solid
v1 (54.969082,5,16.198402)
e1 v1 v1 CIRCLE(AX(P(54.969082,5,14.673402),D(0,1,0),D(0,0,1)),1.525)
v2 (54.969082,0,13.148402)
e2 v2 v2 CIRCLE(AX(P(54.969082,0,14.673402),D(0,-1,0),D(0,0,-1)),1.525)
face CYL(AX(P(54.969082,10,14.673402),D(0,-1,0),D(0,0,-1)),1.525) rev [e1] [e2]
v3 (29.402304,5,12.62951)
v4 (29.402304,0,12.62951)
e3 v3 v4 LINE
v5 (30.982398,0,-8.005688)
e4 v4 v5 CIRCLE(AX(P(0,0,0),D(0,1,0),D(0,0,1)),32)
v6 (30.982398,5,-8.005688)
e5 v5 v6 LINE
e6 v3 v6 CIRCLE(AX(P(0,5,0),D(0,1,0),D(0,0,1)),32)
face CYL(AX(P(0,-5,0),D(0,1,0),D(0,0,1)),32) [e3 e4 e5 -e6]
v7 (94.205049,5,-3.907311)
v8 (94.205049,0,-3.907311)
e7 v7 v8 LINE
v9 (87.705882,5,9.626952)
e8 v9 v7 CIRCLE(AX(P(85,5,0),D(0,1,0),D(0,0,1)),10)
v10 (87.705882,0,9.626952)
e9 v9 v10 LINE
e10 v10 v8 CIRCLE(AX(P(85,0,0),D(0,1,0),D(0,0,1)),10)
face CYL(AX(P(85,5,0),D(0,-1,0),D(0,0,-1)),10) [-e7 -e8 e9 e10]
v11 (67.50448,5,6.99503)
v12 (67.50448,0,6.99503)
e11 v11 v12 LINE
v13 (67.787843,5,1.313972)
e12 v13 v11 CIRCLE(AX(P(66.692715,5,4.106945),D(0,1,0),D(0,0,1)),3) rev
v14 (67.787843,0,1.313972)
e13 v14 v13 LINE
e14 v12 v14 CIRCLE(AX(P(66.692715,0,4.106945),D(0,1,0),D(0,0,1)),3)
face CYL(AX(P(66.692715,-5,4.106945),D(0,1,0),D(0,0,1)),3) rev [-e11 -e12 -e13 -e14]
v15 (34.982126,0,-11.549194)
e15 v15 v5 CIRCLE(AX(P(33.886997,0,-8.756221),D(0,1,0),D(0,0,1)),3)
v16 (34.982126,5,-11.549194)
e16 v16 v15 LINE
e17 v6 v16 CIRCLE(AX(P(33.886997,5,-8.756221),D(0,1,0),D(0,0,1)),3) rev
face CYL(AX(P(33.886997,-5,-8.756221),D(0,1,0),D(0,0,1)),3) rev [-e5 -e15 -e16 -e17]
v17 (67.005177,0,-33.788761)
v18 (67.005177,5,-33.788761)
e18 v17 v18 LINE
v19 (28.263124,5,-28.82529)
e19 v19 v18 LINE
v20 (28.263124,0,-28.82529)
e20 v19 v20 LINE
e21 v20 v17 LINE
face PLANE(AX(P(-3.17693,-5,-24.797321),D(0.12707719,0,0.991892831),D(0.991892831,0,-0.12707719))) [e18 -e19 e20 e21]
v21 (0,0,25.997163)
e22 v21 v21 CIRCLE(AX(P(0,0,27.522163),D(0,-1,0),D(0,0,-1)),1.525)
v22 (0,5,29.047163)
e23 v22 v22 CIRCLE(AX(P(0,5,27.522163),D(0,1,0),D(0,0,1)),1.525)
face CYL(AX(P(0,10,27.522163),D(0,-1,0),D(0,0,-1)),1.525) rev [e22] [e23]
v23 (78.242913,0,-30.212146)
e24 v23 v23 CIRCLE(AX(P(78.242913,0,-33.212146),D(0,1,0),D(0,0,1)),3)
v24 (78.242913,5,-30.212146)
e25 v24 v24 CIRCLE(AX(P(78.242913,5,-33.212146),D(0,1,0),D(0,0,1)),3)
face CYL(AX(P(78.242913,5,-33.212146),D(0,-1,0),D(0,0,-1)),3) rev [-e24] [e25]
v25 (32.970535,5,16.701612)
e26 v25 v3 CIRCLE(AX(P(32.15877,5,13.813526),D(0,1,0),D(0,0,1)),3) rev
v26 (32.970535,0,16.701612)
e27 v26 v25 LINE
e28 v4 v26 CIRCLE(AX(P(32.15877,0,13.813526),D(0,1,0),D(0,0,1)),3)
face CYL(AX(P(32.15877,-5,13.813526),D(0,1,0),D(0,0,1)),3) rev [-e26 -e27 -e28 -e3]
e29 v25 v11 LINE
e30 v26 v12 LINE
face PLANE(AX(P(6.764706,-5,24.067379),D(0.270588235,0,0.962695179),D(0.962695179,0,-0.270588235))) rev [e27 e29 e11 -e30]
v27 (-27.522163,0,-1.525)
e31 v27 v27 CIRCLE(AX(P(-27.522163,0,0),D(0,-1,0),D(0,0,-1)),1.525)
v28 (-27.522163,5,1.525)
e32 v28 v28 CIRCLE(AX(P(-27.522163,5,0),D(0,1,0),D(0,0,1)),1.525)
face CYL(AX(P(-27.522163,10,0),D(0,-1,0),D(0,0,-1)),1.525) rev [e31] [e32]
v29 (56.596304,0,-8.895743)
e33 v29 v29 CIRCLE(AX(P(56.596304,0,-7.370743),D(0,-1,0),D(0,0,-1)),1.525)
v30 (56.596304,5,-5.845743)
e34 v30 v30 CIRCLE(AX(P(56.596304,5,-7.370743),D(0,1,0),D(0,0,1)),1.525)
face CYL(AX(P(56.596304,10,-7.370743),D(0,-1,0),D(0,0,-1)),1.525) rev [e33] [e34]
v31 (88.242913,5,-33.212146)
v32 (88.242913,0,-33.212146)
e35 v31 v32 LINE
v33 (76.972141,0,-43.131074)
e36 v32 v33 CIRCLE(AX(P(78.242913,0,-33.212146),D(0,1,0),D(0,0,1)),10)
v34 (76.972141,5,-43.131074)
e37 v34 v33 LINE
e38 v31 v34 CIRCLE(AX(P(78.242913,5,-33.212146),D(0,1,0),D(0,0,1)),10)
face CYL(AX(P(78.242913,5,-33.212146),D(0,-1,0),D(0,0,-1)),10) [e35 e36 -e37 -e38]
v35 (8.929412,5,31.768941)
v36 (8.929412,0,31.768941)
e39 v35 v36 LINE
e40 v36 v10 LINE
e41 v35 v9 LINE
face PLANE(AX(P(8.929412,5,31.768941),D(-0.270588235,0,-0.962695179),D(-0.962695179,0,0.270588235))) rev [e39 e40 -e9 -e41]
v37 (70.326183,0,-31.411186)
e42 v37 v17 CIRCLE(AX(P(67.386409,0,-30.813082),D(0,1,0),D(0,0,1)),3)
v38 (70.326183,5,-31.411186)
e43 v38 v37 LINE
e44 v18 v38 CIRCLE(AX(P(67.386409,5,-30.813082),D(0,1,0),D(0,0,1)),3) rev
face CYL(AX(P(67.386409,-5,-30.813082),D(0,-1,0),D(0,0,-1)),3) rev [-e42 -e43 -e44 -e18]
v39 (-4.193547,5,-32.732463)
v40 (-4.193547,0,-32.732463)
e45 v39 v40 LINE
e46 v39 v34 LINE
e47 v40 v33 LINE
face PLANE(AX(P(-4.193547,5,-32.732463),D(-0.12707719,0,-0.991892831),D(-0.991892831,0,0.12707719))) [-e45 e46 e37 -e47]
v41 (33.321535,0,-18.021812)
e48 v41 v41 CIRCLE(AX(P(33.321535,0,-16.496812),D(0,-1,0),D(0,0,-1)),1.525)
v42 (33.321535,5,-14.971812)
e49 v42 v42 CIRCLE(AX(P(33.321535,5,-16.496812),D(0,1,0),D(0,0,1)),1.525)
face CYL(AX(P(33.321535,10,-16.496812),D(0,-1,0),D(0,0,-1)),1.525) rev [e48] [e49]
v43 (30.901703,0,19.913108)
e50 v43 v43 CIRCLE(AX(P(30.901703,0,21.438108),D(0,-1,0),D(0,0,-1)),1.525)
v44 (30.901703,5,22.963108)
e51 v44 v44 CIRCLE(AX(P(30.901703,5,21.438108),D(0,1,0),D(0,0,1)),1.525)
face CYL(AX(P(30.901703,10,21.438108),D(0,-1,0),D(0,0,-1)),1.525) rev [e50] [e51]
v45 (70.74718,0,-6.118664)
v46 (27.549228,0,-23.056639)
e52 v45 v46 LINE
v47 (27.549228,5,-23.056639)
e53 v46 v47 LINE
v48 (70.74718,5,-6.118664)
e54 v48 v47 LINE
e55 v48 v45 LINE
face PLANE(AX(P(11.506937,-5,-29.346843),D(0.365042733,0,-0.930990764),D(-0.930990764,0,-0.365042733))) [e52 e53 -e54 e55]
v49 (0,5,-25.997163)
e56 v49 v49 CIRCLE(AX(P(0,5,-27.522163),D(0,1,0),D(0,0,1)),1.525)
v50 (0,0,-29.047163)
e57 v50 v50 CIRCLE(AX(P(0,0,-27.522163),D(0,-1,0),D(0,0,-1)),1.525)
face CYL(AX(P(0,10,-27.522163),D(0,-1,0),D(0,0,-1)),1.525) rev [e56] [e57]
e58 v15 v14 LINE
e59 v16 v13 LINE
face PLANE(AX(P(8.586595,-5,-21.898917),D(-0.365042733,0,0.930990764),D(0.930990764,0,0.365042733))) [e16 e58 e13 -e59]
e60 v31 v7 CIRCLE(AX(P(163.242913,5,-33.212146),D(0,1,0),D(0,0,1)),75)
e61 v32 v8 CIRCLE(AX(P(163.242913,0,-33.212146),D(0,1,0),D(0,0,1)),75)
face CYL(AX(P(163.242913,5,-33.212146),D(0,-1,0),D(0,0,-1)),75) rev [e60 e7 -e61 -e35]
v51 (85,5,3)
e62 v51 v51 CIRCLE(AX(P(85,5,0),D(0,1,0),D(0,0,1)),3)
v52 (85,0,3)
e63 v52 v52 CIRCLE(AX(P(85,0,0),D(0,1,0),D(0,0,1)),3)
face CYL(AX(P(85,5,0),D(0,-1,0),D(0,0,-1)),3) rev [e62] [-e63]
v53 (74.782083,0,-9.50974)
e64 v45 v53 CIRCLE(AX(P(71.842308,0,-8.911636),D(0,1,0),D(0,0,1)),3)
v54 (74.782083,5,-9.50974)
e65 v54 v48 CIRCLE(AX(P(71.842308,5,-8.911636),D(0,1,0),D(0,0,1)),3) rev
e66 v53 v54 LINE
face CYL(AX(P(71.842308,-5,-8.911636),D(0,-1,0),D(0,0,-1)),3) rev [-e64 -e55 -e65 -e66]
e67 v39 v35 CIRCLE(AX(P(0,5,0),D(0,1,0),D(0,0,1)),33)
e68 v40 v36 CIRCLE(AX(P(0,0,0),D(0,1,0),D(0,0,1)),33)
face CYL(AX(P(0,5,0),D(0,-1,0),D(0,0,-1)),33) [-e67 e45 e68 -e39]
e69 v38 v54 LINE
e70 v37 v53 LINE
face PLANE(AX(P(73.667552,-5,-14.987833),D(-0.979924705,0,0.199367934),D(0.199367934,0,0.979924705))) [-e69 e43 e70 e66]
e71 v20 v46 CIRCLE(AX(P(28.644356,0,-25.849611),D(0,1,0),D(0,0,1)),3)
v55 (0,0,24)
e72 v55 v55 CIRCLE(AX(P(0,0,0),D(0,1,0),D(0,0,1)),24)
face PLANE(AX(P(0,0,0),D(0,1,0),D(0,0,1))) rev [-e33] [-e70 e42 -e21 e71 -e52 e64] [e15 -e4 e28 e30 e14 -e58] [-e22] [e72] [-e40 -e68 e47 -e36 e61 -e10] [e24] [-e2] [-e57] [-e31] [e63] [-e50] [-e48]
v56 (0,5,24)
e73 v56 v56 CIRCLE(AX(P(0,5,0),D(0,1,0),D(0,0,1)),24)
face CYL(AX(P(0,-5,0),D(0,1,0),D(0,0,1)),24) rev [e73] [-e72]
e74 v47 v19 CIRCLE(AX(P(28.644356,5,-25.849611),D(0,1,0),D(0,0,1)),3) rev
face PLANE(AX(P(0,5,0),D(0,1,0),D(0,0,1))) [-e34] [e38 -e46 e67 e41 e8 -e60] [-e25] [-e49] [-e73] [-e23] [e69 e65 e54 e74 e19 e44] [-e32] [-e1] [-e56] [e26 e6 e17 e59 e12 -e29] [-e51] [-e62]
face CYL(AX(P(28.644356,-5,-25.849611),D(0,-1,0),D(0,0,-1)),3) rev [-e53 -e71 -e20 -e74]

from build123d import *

# Parameters (mm, degrees)
SKETCH_1_R          = 2.025
SKETCH_1_R_2        = 13.1
SKETCH_1_R_3        = 3
EXTRUDE_1_DEPTH     = 5
SKETCH_3_R          = 24
CUT_EXTRUDE_2_DEPTH = 10
CUT_EXTRUDE_3_DEPTH = 10
FILLET_1_R          = 3
SKETCH_7_R          = 1.525
CUT_EXTRUDE_4_DEPTH = 10


with BuildPart() as part:
    # 草图1 → 凸台-拉伸1 (new body)
    with BuildSketch(Plane(origin=(0, 0, 0), x_dir=(1, 0, 0), z_dir=(0, 1, 0))):
        with BuildLine():
            Line((76.972140647, 43.13107423), (-4.193547259, 32.732463418))
            ThreePointArc((-4.193547259, 32.732463418), (-32.337515252, -6.579141836), (8.929411765, -31.768940894))
            Line((8.929411765, -31.768940894), (87.705882353, -9.626951786))
            ThreePointArc((87.705882353, -9.626951786), (94.014523475, -4.328783491), (94.205048973, 3.907310252))
            ThreePointArc((94.205048973, 3.907310252), (89.748559809, 18.25955029), (88.242912543, 33.212145922))
            ThreePointArc((88.242912543, 33.212145922), (84.849435117, 40.719066694), (76.972140647, 43.13107423))
        make_face()
        with Locations((0, 17.5)):
            Circle(SKETCH_1_R, mode=Mode.SUBTRACT)
        with Locations((8.75, 15.155444566)):
            Circle(SKETCH_1_R, mode=Mode.SUBTRACT)
        with Locations((-8.75, -15.155444566)):
            Circle(SKETCH_1_R, mode=Mode.SUBTRACT)
        with Locations((0, -17.5)):
            Circle(SKETCH_1_R, mode=Mode.SUBTRACT)
        with Locations((-15.155444566, -8.75)):
            Circle(SKETCH_1_R, mode=Mode.SUBTRACT)
        with Locations((8.75, -15.155444566)):
            Circle(SKETCH_1_R, mode=Mode.SUBTRACT)
        with Locations((15.155444566, -8.75)):
            Circle(SKETCH_1_R, mode=Mode.SUBTRACT)
        with Locations((-17.5, 0)):
            Circle(SKETCH_1_R, mode=Mode.SUBTRACT)
        Circle(SKETCH_1_R_2, mode=Mode.SUBTRACT)
        with Locations((-15.155444566, 8.75)):
            Circle(SKETCH_1_R, mode=Mode.SUBTRACT)
        with Locations((17.5, 0)):
            Circle(SKETCH_1_R, mode=Mode.SUBTRACT)
        with Locations((15.155444566, 8.75)):
            Circle(SKETCH_1_R, mode=Mode.SUBTRACT)
        with Locations((-8.75, 15.155444566)):
            Circle(SKETCH_1_R, mode=Mode.SUBTRACT)
        with Locations((85, 0)):
            Circle(SKETCH_1_R_3, mode=Mode.SUBTRACT)
        with Locations((78.242912543, 33.212145922)):
            Circle(SKETCH_1_R_3, mode=Mode.SUBTRACT)
    extrude(amount=EXTRUDE_1_DEPTH)

    # 草图3 → 切除-拉伸2 (cut)
    with BuildSketch(Plane(origin=(0, 5, 0), x_dir=(1, 0, 0), z_dir=(0, 1, 0))):
        Circle(SKETCH_3_R)
    extrude(amount=-CUT_EXTRUDE_2_DEPTH, mode=Mode.SUBTRACT)

    # 草图4 → 切除-拉伸3 (cut)
    with BuildSketch(Plane(origin=(0, 5, 0), x_dir=(1, 0, 0), z_dir=(0, 1, 0))):
        Polygon((69.770383541, 34.143027562), (75.881597407, 4.105451761), (16.636114037, 27.335685646), align=None)
        with BuildLine():
            ThreePointArc((32, 0), (30.461655113, -9.802426627), (25.994527014, -18.662383699))
            Line((25.994527014, -18.662383699), (76.108728609, -4.576602785))
            Line((76.108728609, -4.576602785), (28.785186198, 13.979021981))
            ThreePointArc((28.785186198, 13.979021981), (31.185942012, 7.171960739), (32, 0))
        make_face()
    extrude(amount=-CUT_EXTRUDE_3_DEPTH, mode=Mode.SUBTRACT)

    # 圆角1
    fillet_1_edges = [part.edges().sort_by_distance(p)[0] for p in [
        (25.994527014, 2.5, 18.662383699),
        (28.785186198, 2.5, -13.979021981),
        (76.108728609, 2.5, 4.576602785),
        (69.770383541, 2.5, -34.143027562),
        (75.881597407, 2.5, -4.105451761),
        (16.636114037, 2.5, -27.335685646),
    ]]
    fillet(fillet_1_edges, radius=FILLET_1_R)

    # 草图7 → 切除-拉伸4 (cut)
    with BuildSketch(Plane.XZ):
        with Locations((0, -27.522163408)):
            Circle(SKETCH_7_R)
        with Locations((33.321534862, -16.496811603)):
            Circle(SKETCH_7_R)
        with Locations((-27.522163408, 0)):
            Circle(SKETCH_7_R)
        with Locations((0, 27.522163408)):
            Circle(SKETCH_7_R)
        with Locations((30.901702525, 21.438107622)):
            Circle(SKETCH_7_R)
        with Locations((56.596303964, -7.370743267)):
            Circle(SKETCH_7_R)
        with Locations((54.969081991, 14.673401739)):
            Circle(SKETCH_7_R)
    extrude(amount=-CUT_EXTRUDE_4_DEPTH, mode=Mode.SUBTRACT)


solid = part.part
